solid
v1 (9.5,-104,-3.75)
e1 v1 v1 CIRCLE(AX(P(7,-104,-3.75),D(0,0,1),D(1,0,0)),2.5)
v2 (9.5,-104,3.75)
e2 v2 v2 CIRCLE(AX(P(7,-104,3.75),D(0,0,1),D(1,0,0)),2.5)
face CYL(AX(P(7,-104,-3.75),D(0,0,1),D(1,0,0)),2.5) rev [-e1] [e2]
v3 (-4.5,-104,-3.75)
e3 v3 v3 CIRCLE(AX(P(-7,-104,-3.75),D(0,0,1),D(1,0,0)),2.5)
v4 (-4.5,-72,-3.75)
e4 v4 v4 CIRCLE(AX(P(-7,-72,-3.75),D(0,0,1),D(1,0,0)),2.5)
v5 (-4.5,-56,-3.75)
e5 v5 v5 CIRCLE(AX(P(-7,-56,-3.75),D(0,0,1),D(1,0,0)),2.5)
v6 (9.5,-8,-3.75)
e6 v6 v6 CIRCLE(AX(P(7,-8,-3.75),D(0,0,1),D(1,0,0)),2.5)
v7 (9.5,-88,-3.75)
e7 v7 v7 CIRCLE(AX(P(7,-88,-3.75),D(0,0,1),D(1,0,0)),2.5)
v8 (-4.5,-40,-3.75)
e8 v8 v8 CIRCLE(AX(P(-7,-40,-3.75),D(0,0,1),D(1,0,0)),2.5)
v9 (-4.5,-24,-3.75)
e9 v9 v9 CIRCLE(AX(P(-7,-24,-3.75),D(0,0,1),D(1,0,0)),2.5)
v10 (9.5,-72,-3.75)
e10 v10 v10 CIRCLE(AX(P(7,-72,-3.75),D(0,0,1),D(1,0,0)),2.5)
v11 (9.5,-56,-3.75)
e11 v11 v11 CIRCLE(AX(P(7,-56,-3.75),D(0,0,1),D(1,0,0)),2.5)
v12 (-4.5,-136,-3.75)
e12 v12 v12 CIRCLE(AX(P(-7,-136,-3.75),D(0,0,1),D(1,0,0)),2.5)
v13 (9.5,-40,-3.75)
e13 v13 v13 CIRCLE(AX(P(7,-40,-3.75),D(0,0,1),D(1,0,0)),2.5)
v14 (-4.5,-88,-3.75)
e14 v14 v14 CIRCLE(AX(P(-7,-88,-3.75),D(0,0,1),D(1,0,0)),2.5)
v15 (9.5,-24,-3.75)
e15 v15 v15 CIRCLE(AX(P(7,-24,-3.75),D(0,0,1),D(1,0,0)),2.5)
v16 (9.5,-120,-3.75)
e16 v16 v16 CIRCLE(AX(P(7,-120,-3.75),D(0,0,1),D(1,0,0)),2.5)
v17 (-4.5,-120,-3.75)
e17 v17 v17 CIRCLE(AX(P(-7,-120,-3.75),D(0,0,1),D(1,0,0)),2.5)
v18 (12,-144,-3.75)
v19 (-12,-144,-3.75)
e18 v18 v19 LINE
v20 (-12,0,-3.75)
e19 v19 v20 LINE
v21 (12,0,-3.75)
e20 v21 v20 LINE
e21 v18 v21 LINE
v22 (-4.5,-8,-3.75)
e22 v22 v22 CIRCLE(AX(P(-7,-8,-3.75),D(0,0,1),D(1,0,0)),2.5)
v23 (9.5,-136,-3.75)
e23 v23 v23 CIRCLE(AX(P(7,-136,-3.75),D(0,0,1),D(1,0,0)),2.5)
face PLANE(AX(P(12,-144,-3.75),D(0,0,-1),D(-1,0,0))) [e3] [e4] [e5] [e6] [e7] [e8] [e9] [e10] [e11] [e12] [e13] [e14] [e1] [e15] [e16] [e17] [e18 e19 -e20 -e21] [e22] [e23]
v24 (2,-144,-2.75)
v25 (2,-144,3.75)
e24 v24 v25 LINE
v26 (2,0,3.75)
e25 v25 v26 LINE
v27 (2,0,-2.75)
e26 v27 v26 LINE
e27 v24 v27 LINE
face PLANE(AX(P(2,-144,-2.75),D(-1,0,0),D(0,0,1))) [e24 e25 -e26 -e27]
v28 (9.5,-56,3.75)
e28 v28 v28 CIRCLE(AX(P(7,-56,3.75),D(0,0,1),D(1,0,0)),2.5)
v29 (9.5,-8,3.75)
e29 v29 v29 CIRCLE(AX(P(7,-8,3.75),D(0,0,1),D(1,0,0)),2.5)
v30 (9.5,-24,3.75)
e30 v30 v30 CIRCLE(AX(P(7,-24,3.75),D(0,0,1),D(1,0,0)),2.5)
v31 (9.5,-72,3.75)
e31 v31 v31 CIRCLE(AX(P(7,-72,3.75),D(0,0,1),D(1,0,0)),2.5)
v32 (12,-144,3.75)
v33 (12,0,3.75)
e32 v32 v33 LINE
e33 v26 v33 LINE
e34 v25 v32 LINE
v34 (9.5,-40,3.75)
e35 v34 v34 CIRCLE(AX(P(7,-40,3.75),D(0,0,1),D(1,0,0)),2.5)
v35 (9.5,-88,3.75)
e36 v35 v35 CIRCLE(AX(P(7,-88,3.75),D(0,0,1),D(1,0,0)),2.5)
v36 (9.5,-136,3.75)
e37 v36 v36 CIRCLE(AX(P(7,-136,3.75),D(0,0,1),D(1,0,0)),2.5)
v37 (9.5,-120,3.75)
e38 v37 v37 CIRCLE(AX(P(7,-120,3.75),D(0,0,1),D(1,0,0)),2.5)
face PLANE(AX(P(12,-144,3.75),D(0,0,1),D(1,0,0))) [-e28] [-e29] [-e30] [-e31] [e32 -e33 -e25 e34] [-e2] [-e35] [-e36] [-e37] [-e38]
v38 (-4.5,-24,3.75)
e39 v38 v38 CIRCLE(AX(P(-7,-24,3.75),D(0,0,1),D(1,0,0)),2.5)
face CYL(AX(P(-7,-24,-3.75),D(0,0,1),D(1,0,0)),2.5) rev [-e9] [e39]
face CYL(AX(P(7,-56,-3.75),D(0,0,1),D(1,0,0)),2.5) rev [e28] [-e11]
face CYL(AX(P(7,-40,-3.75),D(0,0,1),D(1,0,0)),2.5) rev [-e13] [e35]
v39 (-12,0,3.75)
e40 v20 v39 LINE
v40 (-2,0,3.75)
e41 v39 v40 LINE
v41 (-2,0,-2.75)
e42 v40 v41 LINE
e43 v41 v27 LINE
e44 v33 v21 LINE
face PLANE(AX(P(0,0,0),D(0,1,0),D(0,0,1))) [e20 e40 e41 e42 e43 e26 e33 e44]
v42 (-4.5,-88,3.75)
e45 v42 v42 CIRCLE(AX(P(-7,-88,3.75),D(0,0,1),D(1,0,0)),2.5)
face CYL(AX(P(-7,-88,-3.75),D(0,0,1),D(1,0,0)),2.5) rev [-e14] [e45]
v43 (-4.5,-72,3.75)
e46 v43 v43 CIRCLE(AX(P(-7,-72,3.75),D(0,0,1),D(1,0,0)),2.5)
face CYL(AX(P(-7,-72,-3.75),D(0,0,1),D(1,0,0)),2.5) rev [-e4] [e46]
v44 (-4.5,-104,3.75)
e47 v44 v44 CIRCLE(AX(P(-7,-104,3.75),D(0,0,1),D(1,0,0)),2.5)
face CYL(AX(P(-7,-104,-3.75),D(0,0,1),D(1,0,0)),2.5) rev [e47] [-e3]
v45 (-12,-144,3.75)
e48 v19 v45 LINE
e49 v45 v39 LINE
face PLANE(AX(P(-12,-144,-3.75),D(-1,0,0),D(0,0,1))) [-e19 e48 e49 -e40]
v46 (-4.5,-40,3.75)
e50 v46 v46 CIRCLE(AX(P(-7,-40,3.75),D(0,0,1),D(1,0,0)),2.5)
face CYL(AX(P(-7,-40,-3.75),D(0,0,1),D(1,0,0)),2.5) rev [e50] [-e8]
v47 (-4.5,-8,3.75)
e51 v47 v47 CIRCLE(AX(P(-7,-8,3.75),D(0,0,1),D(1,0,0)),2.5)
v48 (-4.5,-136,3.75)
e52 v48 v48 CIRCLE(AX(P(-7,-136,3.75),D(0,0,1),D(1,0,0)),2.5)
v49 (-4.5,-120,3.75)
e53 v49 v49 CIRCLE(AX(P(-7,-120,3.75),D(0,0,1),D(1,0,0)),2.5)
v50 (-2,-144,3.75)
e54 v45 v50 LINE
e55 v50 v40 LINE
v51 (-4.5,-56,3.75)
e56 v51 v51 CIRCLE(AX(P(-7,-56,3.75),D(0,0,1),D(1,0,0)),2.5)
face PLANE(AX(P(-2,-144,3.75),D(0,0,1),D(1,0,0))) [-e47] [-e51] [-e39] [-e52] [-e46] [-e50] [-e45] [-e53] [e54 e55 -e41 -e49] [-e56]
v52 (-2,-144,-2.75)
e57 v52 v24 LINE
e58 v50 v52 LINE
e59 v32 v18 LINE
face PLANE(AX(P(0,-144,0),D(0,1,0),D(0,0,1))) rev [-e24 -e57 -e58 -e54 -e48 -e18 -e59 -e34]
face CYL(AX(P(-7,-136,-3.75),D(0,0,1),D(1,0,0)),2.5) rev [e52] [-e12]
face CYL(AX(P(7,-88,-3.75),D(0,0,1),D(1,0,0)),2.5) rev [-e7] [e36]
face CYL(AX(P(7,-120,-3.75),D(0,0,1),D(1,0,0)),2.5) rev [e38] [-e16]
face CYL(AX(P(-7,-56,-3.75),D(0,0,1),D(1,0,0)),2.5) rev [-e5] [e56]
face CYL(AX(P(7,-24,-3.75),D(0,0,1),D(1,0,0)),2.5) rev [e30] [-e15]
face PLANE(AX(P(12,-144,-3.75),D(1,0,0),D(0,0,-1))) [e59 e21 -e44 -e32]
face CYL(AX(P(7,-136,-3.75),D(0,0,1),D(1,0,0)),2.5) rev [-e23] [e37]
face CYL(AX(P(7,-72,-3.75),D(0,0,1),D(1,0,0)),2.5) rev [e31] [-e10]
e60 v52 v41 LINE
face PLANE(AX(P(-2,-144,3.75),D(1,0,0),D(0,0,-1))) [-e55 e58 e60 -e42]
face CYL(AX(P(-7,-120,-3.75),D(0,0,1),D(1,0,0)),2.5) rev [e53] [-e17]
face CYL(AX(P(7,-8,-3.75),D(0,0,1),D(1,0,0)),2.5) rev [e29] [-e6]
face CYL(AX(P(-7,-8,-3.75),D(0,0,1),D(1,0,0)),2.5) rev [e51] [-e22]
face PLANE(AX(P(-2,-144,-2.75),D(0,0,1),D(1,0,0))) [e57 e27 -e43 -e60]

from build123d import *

# Parameters (mm, degrees)
BASE_DEPTH  = 144
ESQUISSE2_R = 2.5
TROU_DEPTH  = 145.693641878


with BuildPart() as part:
    # Esquisse1 → BASE (new body)
    with BuildSketch(Plane(origin=(0, 0, 0), x_dir=(1, 0, 0), z_dir=(0, 1, 0))):
        Polygon((-2, -3.75), (-2, 2.75), (2, 2.75), (2, -3.75), (12, -3.75), (12, 3.75), (-12, 3.75), (-12, -3.75), align=None)
    extrude(amount=-BASE_DEPTH)

    # Esquisse2 → TROU (cut, through all)
    with BuildSketch(Plane.XY.offset(3.75)):
        with Locations((-7, -8)):
            Circle(ESQUISSE2_R)
        with Locations((7, -8)):
            Circle(ESQUISSE2_R)
        with Locations((7, -24)):
            Circle(ESQUISSE2_R)
        with Locations((7, -40)):
            Circle(ESQUISSE2_R)
        with Locations((7, -56)):
            Circle(ESQUISSE2_R)
        with Locations((7, -72)):
            Circle(ESQUISSE2_R)
        with Locations((7, -88)):
            Circle(ESQUISSE2_R)
        with Locations((7, -104)):
            Circle(ESQUISSE2_R)
        with Locations((7, -120)):
            Circle(ESQUISSE2_R)
        with Locations((7, -136)):
            Circle(ESQUISSE2_R)
        with Locations((-7, -24)):
            Circle(ESQUISSE2_R)
        with Locations((-7, -40)):
            Circle(ESQUISSE2_R)
        with Locations((-7, -56)):
            Circle(ESQUISSE2_R)
        with Locations((-7, -72)):
            Circle(ESQUISSE2_R)
        with Locations((-7, -88)):
            Circle(ESQUISSE2_R)
        with Locations((-7, -104)):
            Circle(ESQUISSE2_R)
        with Locations((-7, -120)):
            Circle(ESQUISSE2_R)
        with Locations((-7, -136)):
            Circle(ESQUISSE2_R)
    extrude(amount=-TROU_DEPTH, mode=Mode.SUBTRACT)


solid = part.part
